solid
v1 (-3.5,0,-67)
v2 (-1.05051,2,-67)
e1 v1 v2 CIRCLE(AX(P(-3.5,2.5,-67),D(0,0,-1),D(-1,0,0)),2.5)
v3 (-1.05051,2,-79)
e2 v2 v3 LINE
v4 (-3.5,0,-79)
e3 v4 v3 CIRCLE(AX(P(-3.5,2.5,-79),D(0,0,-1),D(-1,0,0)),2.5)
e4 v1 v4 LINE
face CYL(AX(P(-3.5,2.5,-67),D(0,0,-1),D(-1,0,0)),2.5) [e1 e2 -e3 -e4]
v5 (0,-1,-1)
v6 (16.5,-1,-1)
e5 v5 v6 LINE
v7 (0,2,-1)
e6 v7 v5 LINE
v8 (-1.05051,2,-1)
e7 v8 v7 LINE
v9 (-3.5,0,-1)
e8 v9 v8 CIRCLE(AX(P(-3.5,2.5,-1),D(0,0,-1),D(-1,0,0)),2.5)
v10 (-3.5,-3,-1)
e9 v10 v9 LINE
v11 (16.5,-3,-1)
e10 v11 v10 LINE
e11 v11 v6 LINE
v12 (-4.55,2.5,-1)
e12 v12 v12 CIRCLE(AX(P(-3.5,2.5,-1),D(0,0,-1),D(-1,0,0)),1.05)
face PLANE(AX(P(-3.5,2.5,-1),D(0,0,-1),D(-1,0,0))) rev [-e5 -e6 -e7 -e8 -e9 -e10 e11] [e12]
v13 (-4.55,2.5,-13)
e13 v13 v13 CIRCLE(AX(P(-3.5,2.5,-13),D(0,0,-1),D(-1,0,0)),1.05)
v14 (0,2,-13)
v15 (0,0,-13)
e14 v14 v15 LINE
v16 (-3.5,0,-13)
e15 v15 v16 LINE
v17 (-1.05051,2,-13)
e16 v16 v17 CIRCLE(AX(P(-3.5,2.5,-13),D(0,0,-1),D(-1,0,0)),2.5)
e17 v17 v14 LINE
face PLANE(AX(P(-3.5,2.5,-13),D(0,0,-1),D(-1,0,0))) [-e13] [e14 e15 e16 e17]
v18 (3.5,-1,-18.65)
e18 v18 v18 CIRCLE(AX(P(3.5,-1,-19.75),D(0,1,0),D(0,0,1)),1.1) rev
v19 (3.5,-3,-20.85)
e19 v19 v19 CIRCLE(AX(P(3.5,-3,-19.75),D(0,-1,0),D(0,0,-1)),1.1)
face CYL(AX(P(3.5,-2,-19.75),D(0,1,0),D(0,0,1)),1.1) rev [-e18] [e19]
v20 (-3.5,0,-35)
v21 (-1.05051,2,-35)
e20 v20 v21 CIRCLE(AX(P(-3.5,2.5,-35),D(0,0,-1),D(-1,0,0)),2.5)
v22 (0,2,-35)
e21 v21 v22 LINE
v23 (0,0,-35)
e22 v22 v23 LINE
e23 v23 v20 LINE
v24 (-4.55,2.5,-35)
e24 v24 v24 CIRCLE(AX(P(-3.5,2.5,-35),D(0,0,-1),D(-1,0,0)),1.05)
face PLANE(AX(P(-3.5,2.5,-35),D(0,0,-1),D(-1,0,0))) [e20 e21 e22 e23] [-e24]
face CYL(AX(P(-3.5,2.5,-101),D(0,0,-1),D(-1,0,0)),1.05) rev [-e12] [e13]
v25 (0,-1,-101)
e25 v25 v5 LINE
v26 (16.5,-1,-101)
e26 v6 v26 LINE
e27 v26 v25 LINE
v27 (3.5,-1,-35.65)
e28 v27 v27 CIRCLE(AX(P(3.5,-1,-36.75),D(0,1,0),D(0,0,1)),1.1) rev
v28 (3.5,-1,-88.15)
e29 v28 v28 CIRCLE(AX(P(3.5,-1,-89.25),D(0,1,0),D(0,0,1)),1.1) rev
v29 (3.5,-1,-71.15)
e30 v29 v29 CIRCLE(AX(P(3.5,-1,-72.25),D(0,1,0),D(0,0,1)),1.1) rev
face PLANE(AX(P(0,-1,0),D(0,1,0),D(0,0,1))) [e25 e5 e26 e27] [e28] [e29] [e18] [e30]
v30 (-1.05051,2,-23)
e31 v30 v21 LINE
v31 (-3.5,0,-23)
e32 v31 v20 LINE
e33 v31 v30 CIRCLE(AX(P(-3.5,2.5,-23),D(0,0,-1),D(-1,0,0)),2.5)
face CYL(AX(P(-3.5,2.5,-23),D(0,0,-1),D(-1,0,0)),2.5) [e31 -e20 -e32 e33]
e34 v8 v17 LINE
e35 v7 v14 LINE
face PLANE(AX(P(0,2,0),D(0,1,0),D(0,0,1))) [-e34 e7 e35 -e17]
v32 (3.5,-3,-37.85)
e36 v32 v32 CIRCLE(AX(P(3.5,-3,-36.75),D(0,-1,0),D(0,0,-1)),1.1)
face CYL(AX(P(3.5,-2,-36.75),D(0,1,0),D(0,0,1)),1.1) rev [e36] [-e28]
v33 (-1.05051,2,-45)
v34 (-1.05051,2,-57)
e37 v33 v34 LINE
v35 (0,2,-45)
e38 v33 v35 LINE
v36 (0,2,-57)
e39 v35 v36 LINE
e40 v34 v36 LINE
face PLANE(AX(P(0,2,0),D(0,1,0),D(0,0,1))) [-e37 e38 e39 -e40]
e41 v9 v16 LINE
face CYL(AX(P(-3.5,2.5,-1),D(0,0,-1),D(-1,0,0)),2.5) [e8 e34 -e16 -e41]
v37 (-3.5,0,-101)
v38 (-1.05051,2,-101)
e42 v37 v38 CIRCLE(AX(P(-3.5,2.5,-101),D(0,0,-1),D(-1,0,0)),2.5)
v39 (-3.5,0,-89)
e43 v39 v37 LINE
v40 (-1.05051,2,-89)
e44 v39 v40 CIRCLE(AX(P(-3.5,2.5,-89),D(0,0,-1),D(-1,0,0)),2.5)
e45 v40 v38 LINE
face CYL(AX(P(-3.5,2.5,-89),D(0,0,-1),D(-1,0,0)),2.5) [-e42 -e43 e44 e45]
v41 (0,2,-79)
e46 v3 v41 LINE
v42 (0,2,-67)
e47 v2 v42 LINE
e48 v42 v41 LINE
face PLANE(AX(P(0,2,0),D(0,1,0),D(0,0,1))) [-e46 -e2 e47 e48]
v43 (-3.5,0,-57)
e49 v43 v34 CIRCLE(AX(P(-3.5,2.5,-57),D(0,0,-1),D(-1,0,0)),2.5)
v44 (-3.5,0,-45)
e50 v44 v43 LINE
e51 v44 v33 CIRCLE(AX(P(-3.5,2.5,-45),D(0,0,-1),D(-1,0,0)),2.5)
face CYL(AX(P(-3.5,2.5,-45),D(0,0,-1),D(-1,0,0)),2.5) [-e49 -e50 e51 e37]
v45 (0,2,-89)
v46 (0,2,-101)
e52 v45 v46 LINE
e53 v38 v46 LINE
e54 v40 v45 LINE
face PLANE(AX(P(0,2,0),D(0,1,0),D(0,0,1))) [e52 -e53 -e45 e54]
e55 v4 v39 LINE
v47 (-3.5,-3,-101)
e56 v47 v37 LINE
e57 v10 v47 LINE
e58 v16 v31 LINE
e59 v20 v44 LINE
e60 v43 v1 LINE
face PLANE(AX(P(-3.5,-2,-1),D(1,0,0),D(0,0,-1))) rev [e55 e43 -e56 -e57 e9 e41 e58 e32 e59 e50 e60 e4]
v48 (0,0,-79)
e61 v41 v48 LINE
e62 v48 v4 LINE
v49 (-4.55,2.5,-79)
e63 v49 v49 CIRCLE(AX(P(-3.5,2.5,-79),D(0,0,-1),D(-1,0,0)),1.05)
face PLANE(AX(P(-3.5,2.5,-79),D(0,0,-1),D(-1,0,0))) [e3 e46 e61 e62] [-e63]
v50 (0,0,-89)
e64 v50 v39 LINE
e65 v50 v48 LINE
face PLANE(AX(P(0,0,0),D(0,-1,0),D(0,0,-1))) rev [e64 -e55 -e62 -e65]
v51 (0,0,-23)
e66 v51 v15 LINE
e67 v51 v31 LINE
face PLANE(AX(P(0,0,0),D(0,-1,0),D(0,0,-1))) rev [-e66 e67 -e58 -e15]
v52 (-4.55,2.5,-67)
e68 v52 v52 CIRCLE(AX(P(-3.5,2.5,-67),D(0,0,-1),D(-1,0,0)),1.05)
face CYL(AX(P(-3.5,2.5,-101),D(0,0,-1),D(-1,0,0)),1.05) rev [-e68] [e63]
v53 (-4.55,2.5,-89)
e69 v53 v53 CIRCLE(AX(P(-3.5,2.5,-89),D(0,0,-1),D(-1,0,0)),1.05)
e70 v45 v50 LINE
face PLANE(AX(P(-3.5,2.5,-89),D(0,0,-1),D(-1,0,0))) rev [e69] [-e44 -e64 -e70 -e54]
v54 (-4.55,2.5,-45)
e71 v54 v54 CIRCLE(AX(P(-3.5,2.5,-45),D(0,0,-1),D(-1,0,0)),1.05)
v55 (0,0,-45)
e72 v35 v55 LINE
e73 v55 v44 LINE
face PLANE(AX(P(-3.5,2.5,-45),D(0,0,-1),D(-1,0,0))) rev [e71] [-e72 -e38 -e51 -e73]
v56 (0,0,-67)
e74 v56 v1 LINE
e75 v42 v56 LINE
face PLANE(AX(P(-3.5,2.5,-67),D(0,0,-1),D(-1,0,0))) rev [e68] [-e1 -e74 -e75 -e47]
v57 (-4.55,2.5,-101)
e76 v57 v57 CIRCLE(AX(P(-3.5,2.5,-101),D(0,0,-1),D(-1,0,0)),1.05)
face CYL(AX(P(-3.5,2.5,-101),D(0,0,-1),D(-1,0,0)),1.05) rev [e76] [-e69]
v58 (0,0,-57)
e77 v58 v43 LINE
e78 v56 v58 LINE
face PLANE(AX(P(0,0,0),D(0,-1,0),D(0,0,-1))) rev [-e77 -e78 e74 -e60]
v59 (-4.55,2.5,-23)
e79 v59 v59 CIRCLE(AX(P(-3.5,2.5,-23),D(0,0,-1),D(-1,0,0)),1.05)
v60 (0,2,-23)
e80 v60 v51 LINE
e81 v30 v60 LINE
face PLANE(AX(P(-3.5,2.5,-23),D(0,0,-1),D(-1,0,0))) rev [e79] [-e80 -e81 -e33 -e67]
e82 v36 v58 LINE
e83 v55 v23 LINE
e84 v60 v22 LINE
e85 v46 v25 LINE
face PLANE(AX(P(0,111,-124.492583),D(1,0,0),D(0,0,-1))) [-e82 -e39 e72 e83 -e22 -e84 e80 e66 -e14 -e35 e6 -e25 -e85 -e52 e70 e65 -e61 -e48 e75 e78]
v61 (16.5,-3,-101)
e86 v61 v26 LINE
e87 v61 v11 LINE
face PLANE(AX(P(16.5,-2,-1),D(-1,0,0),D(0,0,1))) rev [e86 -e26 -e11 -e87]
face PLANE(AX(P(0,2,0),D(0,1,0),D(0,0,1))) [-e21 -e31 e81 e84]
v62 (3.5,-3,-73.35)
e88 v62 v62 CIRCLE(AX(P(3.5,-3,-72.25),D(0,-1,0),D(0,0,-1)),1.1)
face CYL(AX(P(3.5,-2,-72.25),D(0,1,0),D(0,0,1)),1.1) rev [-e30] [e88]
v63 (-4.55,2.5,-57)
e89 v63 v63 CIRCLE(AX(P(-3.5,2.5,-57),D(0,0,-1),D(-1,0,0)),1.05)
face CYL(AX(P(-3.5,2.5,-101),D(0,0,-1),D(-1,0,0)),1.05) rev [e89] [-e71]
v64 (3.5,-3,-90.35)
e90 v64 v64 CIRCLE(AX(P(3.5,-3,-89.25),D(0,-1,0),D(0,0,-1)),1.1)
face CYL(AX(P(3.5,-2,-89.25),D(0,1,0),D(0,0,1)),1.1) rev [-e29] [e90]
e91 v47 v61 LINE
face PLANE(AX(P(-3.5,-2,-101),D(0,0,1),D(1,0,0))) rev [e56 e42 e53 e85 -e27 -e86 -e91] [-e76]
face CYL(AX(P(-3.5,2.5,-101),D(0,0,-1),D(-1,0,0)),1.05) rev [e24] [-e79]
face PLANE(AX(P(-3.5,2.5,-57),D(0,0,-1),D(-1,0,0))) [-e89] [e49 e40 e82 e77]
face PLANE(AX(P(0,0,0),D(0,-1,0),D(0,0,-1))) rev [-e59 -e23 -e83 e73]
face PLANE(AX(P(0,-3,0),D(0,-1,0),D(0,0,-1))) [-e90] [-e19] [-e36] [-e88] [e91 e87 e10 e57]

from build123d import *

# Parameters (mm, degrees)
SKETCH_1_W                     = 9.5
SKETCH_1_H                     = 13.25
EXTRUDE_1_DEPTH                = 2
EXTRUDE_2_DEPTH                = 12
PATTERN_LINEAR_1_COUNT         = 5
PATTERN_LINEAR_1_PITCH         = 22
HOLE_WIZARD_2_2_2_2_1_D        = 2.1
EXTRUDE_3_DEPTH                = 12
SKETCH_7_W                     = 1.05
SKETCH_7_H                     = 15
EXTRUDE_4_DEPTH                = 110
SKETCH_13_W                    = 1
SKETCH_13_H                    = 38.681287062
HOLE_WIZARD_2_0_2_2_AT_2_COUNT = 2
HOLE_WIZARD_2_0_2_2_AT_2_PITCH = 47
CUT_EXTRUDE_1_DEPTH            = 140.431241936
CUT_EXTRUDE_1_DEPTH_BACK       = 140.431241936
SKETCH_14_W                    = 52.846717088
SKETCH_14_H                    = 8
EXTRUDE23_DEPTH                = 109
EXTRUDE23_DEPTH_BACK           = 77
SKETCH18_W                     = 126.116691802
SKETCH18_H                     = 130.968537131
SKETCH20_W                     = 20
SKETCH20_H                     = 100
EXTRUDE24_DEPTH                = 2
SKETCH21_R                     = 1.1
EXTRUDE25_DEPTH                = 2
EXTRUDE26_DEPTH                = 136
EXTRUDE26_DEPTH_BACK           = 62
SKETCH22_W                     = 135.680863596
SKETCH22_H                     = 114.529775135
SKETCH_15_W                    = 16.5
SKETCH_15_H                    = 100
CUT_EXTRUDE_2_DEPTH            = 1
SKETCH_16_W                    = 20
SKETCH_16_H                    = 100
SKETCH_16_R                    = 1.1
EXTRUDE_5_DEPTH                = 1


with BuildPart() as part:
    # 草图1 → 凸台-拉伸1 (new body)
    with BuildSketch(Plane(origin=(0, 0, 0), x_dir=(1, 0, 0), z_dir=(0, 1, 0))):
        Polygon((21.5, 0), (21.5, 110), (9, 110), (0, 101), (0, 0), align=None)
        Polygon((19.121320344, 101), (4.242640687, 101), (8.121320344, 104.878679656), (19.121320344, 104.878679656), align=None, mode=Mode.SUBTRACT)
        with Locations((10.75, 12.625)):
            Rectangle(SKETCH_1_W, SKETCH_1_H, mode=Mode.SUBTRACT)
        with Locations((10.75, 37.875)):
            Rectangle(SKETCH_1_W, SKETCH_1_H, mode=Mode.SUBTRACT)
        with Locations((10.75, 63.125)):
            Rectangle(SKETCH_1_W, SKETCH_1_H, mode=Mode.SUBTRACT)
        with Locations((10.75, 88.375)):
            Rectangle(SKETCH_1_W, SKETCH_1_H, mode=Mode.SUBTRACT)
    extrude(amount=EXTRUDE_1_DEPTH)

    # 草图2 → 凸台-拉伸2 (add)
    with BuildSketch(Plane(origin=(0, 0, -101), x_dir=(-1, 0, 0), z_dir=(0, 0, -1))):
        with BuildLine():
            Line((0, 2), (0, 0))
            Line((0, 0), (3.5, 0))
            ThreePointArc((3.5, 0), (5.08113883, 4.436491673), (1.050510257, 2))
            Line((1.050510257, 2), (0, 2))
        make_face()
    extrude_2 = extrude(amount=-EXTRUDE_2_DEPTH)

    # 阵列(线性)1: 凸台-拉伸2 ×5
    with Locations(*[(0, 0, i * PATTERN_LINEAR_1_PITCH) for i in range(1, PATTERN_LINEAR_1_COUNT)]):
        add(extrude_2)

    # Ø2.2 (2.2) 直径孔1 (through all)
    with Locations(Plane(origin=(0, 0, -101), x_dir=(-1, 0, 0), z_dir=(0, 0, -1))):
        with Locations((3.5, 2.5)):
            Hole(HOLE_WIZARD_2_2_2_2_1_D / 2)

    # 草图8 → 凸台-拉伸4 (add)
    with BuildSketch(Plane.XY):
        with BuildLine():
            ThreePointArc((31.5, 0), (34.178784027, 0.532843272), (36.449747468, 2.050252532))
            Line((36.449747468, 2.050252532), (39.577164466, 5.17766953))
            ThreePointArc((39.577164466, 5.17766953), (57.254833996, 12.5), (74.932503526, 5.17766953))
            Line((74.932503526, 5.17766953), (76.346717088, 6.591883092))
            ThreePointArc((76.346717088, 6.591883092), (57.254833996, 14.5), (38.162950904, 6.591883092))
            Line((38.162950904, 6.591883092), (35.035533906, 3.464466094))
            ThreePointArc((35.035533906, 3.464466094), (33.413417162, 2.380602337), (31.5, 2))
            Line((31.5, 2), (21.5, 2))
            Line((21.5, 2), (21.5, 0))
            Line((21.5, 0), (31.5, 0))
        make_face()
    extrude(amount=-EXTRUDE_4_DEPTH)

    # 草图13 → Ø2.0 (2) 直径孔2 (revolve, cut)
    with BuildSketch(Plane(origin=(66.489377866, 12.871700761, -5), x_dir=(-0.9396926207859126, 0.34202014332565694, 0), z_dir=(0, 0, 1))):
        with Locations((0.5, 19.340643531)):
            Rectangle(SKETCH_13_W, SKETCH_13_H)
    hole_wizard_2_0_2_2 = revolve(axis=Axis((68.661205776, 18.838748903, -5), (-0.3420201433256569, -0.9396926207859128, 0)), mode=Mode.SUBTRACT)

    # Ø2.0 (2) 直径孔2 at 2: Ø2.0 (2) 直径孔2 ×2
    with Locations(*[(0, 0, -i * HOLE_WIZARD_2_0_2_2_AT_2_PITCH) for i in range(1, HOLE_WIZARD_2_0_2_2_AT_2_COUNT)]):
        add(hole_wizard_2_0_2_2, mode=Mode.SUBTRACT)

    # 草图14 → 切除-拉伸1 (cut, two sides: drawn at the far end of the back side and taken through both)
    with BuildSketch(Plane(origin=(0, 2, 0), x_dir=(1, 0, 0), z_dir=(0, 1, 0)).offset(-CUT_EXTRUDE_1_DEPTH_BACK)):
        with BuildLine():
            add(Edge.make_bspline(
                [(65.543349365, 52), (65.543349365, 51.867858182), (65.568139282, 51.738193315), (65.663651177, 51.49599396), (65.734288369, 51.385069362), (65.909329104, 51.20058787), (66.014984918, 51.126085586), (66.242291721, 51.026337096), (66.366299142, 51.000069682), (66.611454679, 50.999930602), (66.734292904, 51.025809235), (66.960669981, 51.125923854), (67.063423157, 51.199243917), (67.237262204, 51.385832013), (67.305425299, 51.495895945), (67.398649167, 51.738239585), (67.422691544, 51.869119898), (67.422777552, 52.130169285), (67.398544475, 52.261724961), (67.306168595, 52.502477284), (67.237041074, 52.614131138), (67.065581718, 52.798710334), (66.962099904, 52.873181003), (66.736029766, 52.973681753), (66.61428089, 52.999865952), (66.366377399, 53.000133023), (66.24402893, 52.974291959), (66.014886358, 52.874003493), (65.90992169, 52.799906628), (65.647004042, 52.52319771), (65.543349365, 52.264283637), (65.543349365, 52)],
                knots=[0, 0, 0, 0, 0.0625, 0.0625, 0.125, 0.125, 0.1875, 0.1875, 0.25, 0.25, 0.3125, 0.3125, 0.375, 0.375, 0.4375, 0.4375, 0.5, 0.5, 0.5625, 0.5625, 0.625, 0.625, 0.6875, 0.6875, 0.75, 0.75, 0.8125, 0.8125, 0.875, 0.875, 1, 1, 1, 1], degree=3))
        make_face()
        with BuildLine():
            add(Edge.make_bspline(
                [(65.543349365, 5), (65.543349365, 4.867858182), (65.568139282, 4.738193315), (65.663651177, 4.49599396), (65.734288369, 4.385069362), (65.909329104, 4.20058787), (66.014984918, 4.126085586), (66.242291721, 4.026337096), (66.366299142, 4.000069682), (66.611454679, 3.999930602), (66.734292904, 4.025809235), (66.960669981, 4.125923854), (67.063423157, 4.199243917), (67.237262204, 4.385832013), (67.305425299, 4.495895945), (67.398649167, 4.738239585), (67.422691544, 4.869119898), (67.422777552, 5.130169285), (67.398544475, 5.261724961), (67.306168595, 5.502477284), (67.237041074, 5.614131138), (67.065581718, 5.798710334), (66.962099904, 5.873181003), (66.736029766, 5.973681753), (66.61428089, 5.999865952), (66.366377399, 6.000133023), (66.24402893, 5.974291959), (66.014886358, 5.874003493), (65.90992169, 5.799906628), (65.647004042, 5.52319771), (65.543349365, 5.264283637), (65.543349365, 5)],
                knots=[0, 0, 0, 0, 0.0625, 0.0625, 0.125, 0.125, 0.1875, 0.1875, 0.25, 0.25, 0.3125, 0.3125, 0.375, 0.375, 0.4375, 0.4375, 0.5, 0.5, 0.5625, 0.5625, 0.625, 0.625, 0.6875, 0.6875, 0.75, 0.75, 0.8125, 0.8125, 0.875, 0.875, 1, 1, 1, 1], degree=3))
        make_face()
        with Locations((46.923358544, 14)):
            Rectangle(SKETCH_14_W, SKETCH_14_H)
        with Locations((46.923358544, 61)):
            Rectangle(SKETCH_14_W, SKETCH_14_H)
    extrude(amount=CUT_EXTRUDE_1_DEPTH + CUT_EXTRUDE_1_DEPTH_BACK, mode=Mode.SUBTRACT)

    # Sketch18 → Extrude23 (cut, two sides: drawn at the far end of the back side and taken through both)
    with BuildSketch(Plane(origin=(0, 2, 0), x_dir=(1, 0, 0), z_dir=(0, 1, 0)).offset(-EXTRUDE23_DEPTH_BACK)):
        with Locations((63.058345901, 59.008314148)):
            Rectangle(SKETCH18_W, SKETCH18_H)
    extrude(amount=EXTRUDE23_DEPTH + EXTRUDE23_DEPTH_BACK, mode=Mode.SUBTRACT)


with BuildPart() as body_2:
    # 草图5 → 凸台-拉伸3 (new body)
    with BuildSketch(Plane(origin=(9, 0, 0), x_dir=(0, 0, -1), z_dir=(1, 0, 0))):
        with BuildLine():
            Line((-111.050510257, 0), (-109.949581771, 0))
            Line((-109.949581771, 0), (-109.949581771, 2))
            Line((-109.949581771, 2), (-113.5, 2))
            ThreePointArc((-113.5, 2), (-115.08113883, -2.436491673), (-111.050510257, 0))
        make_face()
    extrude(amount=-EXTRUDE_3_DEPTH)

    # 草图7 → Ø2.2 (2.2) 直径孔2 (revolve, cut)
    with BuildSketch(Plane(origin=(9, -0.5, 113.5), x_dir=(0, 0, -1), z_dir=(0, 1, 0))):
        with Locations((0.525, 7.5)):
            Rectangle(SKETCH_7_W, SKETCH_7_H)
    revolve(axis=Axis((15.35, -0.5, 113.5), (-1, 0, 0)), mode=Mode.SUBTRACT)

    # Sketch22 → Extrude26 (cut, two sides: drawn at the far end of the back side and taken through both)
    with BuildSketch(Plane(origin=(0, 0, 0), x_dir=(1, 0, 0), z_dir=(0, 1, 0)).offset(-EXTRUDE26_DEPTH_BACK)):
        with Locations((8.341327017, -106.523866824)):
            Rectangle(SKETCH22_W, SKETCH22_H)
    extrude(amount=EXTRUDE26_DEPTH + EXTRUDE26_DEPTH_BACK, mode=Mode.SUBTRACT)


with BuildPart() as extrude23_piece_1:
    # of the separate pieces the step leaves, piece 1, a body of its own (extrude23_pieces)
    add(part.part.solids().sort_by_distance((0, 2, -101))[0])



with BuildPart() as extrude23_piece_2:
    # of the separate pieces the step leaves, piece 2, a body of its own (extrude23_pieces)
    add(part.part.solids().sort_by_distance((0, 2, -79))[0])


with BuildPart() as extrude23_piece_3:
    # of the separate pieces the step leaves, piece 3, a body of its own (extrude23_pieces)
    add(part.part.solids().sort_by_distance((0, 2, -57))[0])


with BuildPart() as extrude23_piece_4:
    # of the separate pieces the step leaves, piece 4, a body of its own (extrude23_pieces)
    add(part.part.solids().sort_by_distance((0, 2, -35))[0])


with BuildPart() as extrude23_piece_5:
    # of the separate pieces the step leaves, piece 5, a body of its own (extrude23_pieces)
    add(part.part.solids().sort_by_distance((-1.050510257, 2, -1))[0])


with BuildPart() as extrude23_piece_1_1:
    add(extrude23_piece_1.part)

    add(extrude23_piece_2.part)  # Extrude24 merges Extrude23 piece 2

    add(extrude23_piece_3.part)  # Extrude24 merges Extrude23 piece 3

    add(extrude23_piece_4.part)  # Extrude24 merges Extrude23 piece 4

    add(extrude23_piece_5.part)  # Extrude24 merges Extrude23 piece 5
    # Sketch20 → Extrude24 (add)
    with BuildSketch(Plane(origin=(0, 0, 0), x_dir=(-1, 0, 0), z_dir=(0, -1, 0))):
        with Locations((-6.5, 51)):
            Rectangle(SKETCH20_W, SKETCH20_H)
    extrude(amount=EXTRUDE24_DEPTH)

    # Sketch21 → Extrude25 (cut)
    with BuildSketch(Plane(origin=(0, 0, 0), x_dir=(1, 0, 0), z_dir=(0, 1, 0))):
        with Locations(Location((3.5, 89.25, 0), (0, 0, 270))):
            Circle(SKETCH21_R)
        with Locations(Location((3.5, 72.25, 0), (0, 0, 270))):
            Circle(SKETCH21_R)
        with Locations(Location((3.5, 36.75, 0), (0, 0, 270))):
            Circle(SKETCH21_R)
        with Locations(Location((3.5, 19.75, 0), (0, 0, 270))):
            Circle(SKETCH21_R)
    extrude(amount=-EXTRUDE25_DEPTH, mode=Mode.SUBTRACT)

    # 草图15 → 切除-拉伸2 (cut)
    with BuildSketch(Plane(origin=(0, 0, 0), x_dir=(1, 0, 0), z_dir=(0, 1, 0))):
        with Locations((8.25, 51)):
            Rectangle(SKETCH_15_W, SKETCH_15_H)
    extrude(amount=-CUT_EXTRUDE_2_DEPTH, mode=Mode.SUBTRACT)

    # 草图16 → 凸台-拉伸5 (add)
    with BuildSketch(Plane(origin=(0, -2, 0), x_dir=(-1, 0, 0), z_dir=(0, -1, 0))):
        with Locations((-6.5, 51)):
            Rectangle(SKETCH_16_W, SKETCH_16_H)
        with Locations(Location((-3.5, 89.25, 0), (0, 0, 270))):
            Circle(SKETCH_16_R, mode=Mode.SUBTRACT)
        with Locations(Location((-3.5, 72.25, 0), (0, 0, 270))):
            Circle(SKETCH_16_R, mode=Mode.SUBTRACT)
        with Locations(Location((-3.5, 36.75, 0), (0, 0, 270))):
            Circle(SKETCH_16_R, mode=Mode.SUBTRACT)
        with Locations(Location((-3.5, 19.75, 0), (0, 0, 270))):
            Circle(SKETCH_16_R, mode=Mode.SUBTRACT)
    extrude(amount=EXTRUDE_5_DEPTH)


solid = extrude23_piece_1_1.part
